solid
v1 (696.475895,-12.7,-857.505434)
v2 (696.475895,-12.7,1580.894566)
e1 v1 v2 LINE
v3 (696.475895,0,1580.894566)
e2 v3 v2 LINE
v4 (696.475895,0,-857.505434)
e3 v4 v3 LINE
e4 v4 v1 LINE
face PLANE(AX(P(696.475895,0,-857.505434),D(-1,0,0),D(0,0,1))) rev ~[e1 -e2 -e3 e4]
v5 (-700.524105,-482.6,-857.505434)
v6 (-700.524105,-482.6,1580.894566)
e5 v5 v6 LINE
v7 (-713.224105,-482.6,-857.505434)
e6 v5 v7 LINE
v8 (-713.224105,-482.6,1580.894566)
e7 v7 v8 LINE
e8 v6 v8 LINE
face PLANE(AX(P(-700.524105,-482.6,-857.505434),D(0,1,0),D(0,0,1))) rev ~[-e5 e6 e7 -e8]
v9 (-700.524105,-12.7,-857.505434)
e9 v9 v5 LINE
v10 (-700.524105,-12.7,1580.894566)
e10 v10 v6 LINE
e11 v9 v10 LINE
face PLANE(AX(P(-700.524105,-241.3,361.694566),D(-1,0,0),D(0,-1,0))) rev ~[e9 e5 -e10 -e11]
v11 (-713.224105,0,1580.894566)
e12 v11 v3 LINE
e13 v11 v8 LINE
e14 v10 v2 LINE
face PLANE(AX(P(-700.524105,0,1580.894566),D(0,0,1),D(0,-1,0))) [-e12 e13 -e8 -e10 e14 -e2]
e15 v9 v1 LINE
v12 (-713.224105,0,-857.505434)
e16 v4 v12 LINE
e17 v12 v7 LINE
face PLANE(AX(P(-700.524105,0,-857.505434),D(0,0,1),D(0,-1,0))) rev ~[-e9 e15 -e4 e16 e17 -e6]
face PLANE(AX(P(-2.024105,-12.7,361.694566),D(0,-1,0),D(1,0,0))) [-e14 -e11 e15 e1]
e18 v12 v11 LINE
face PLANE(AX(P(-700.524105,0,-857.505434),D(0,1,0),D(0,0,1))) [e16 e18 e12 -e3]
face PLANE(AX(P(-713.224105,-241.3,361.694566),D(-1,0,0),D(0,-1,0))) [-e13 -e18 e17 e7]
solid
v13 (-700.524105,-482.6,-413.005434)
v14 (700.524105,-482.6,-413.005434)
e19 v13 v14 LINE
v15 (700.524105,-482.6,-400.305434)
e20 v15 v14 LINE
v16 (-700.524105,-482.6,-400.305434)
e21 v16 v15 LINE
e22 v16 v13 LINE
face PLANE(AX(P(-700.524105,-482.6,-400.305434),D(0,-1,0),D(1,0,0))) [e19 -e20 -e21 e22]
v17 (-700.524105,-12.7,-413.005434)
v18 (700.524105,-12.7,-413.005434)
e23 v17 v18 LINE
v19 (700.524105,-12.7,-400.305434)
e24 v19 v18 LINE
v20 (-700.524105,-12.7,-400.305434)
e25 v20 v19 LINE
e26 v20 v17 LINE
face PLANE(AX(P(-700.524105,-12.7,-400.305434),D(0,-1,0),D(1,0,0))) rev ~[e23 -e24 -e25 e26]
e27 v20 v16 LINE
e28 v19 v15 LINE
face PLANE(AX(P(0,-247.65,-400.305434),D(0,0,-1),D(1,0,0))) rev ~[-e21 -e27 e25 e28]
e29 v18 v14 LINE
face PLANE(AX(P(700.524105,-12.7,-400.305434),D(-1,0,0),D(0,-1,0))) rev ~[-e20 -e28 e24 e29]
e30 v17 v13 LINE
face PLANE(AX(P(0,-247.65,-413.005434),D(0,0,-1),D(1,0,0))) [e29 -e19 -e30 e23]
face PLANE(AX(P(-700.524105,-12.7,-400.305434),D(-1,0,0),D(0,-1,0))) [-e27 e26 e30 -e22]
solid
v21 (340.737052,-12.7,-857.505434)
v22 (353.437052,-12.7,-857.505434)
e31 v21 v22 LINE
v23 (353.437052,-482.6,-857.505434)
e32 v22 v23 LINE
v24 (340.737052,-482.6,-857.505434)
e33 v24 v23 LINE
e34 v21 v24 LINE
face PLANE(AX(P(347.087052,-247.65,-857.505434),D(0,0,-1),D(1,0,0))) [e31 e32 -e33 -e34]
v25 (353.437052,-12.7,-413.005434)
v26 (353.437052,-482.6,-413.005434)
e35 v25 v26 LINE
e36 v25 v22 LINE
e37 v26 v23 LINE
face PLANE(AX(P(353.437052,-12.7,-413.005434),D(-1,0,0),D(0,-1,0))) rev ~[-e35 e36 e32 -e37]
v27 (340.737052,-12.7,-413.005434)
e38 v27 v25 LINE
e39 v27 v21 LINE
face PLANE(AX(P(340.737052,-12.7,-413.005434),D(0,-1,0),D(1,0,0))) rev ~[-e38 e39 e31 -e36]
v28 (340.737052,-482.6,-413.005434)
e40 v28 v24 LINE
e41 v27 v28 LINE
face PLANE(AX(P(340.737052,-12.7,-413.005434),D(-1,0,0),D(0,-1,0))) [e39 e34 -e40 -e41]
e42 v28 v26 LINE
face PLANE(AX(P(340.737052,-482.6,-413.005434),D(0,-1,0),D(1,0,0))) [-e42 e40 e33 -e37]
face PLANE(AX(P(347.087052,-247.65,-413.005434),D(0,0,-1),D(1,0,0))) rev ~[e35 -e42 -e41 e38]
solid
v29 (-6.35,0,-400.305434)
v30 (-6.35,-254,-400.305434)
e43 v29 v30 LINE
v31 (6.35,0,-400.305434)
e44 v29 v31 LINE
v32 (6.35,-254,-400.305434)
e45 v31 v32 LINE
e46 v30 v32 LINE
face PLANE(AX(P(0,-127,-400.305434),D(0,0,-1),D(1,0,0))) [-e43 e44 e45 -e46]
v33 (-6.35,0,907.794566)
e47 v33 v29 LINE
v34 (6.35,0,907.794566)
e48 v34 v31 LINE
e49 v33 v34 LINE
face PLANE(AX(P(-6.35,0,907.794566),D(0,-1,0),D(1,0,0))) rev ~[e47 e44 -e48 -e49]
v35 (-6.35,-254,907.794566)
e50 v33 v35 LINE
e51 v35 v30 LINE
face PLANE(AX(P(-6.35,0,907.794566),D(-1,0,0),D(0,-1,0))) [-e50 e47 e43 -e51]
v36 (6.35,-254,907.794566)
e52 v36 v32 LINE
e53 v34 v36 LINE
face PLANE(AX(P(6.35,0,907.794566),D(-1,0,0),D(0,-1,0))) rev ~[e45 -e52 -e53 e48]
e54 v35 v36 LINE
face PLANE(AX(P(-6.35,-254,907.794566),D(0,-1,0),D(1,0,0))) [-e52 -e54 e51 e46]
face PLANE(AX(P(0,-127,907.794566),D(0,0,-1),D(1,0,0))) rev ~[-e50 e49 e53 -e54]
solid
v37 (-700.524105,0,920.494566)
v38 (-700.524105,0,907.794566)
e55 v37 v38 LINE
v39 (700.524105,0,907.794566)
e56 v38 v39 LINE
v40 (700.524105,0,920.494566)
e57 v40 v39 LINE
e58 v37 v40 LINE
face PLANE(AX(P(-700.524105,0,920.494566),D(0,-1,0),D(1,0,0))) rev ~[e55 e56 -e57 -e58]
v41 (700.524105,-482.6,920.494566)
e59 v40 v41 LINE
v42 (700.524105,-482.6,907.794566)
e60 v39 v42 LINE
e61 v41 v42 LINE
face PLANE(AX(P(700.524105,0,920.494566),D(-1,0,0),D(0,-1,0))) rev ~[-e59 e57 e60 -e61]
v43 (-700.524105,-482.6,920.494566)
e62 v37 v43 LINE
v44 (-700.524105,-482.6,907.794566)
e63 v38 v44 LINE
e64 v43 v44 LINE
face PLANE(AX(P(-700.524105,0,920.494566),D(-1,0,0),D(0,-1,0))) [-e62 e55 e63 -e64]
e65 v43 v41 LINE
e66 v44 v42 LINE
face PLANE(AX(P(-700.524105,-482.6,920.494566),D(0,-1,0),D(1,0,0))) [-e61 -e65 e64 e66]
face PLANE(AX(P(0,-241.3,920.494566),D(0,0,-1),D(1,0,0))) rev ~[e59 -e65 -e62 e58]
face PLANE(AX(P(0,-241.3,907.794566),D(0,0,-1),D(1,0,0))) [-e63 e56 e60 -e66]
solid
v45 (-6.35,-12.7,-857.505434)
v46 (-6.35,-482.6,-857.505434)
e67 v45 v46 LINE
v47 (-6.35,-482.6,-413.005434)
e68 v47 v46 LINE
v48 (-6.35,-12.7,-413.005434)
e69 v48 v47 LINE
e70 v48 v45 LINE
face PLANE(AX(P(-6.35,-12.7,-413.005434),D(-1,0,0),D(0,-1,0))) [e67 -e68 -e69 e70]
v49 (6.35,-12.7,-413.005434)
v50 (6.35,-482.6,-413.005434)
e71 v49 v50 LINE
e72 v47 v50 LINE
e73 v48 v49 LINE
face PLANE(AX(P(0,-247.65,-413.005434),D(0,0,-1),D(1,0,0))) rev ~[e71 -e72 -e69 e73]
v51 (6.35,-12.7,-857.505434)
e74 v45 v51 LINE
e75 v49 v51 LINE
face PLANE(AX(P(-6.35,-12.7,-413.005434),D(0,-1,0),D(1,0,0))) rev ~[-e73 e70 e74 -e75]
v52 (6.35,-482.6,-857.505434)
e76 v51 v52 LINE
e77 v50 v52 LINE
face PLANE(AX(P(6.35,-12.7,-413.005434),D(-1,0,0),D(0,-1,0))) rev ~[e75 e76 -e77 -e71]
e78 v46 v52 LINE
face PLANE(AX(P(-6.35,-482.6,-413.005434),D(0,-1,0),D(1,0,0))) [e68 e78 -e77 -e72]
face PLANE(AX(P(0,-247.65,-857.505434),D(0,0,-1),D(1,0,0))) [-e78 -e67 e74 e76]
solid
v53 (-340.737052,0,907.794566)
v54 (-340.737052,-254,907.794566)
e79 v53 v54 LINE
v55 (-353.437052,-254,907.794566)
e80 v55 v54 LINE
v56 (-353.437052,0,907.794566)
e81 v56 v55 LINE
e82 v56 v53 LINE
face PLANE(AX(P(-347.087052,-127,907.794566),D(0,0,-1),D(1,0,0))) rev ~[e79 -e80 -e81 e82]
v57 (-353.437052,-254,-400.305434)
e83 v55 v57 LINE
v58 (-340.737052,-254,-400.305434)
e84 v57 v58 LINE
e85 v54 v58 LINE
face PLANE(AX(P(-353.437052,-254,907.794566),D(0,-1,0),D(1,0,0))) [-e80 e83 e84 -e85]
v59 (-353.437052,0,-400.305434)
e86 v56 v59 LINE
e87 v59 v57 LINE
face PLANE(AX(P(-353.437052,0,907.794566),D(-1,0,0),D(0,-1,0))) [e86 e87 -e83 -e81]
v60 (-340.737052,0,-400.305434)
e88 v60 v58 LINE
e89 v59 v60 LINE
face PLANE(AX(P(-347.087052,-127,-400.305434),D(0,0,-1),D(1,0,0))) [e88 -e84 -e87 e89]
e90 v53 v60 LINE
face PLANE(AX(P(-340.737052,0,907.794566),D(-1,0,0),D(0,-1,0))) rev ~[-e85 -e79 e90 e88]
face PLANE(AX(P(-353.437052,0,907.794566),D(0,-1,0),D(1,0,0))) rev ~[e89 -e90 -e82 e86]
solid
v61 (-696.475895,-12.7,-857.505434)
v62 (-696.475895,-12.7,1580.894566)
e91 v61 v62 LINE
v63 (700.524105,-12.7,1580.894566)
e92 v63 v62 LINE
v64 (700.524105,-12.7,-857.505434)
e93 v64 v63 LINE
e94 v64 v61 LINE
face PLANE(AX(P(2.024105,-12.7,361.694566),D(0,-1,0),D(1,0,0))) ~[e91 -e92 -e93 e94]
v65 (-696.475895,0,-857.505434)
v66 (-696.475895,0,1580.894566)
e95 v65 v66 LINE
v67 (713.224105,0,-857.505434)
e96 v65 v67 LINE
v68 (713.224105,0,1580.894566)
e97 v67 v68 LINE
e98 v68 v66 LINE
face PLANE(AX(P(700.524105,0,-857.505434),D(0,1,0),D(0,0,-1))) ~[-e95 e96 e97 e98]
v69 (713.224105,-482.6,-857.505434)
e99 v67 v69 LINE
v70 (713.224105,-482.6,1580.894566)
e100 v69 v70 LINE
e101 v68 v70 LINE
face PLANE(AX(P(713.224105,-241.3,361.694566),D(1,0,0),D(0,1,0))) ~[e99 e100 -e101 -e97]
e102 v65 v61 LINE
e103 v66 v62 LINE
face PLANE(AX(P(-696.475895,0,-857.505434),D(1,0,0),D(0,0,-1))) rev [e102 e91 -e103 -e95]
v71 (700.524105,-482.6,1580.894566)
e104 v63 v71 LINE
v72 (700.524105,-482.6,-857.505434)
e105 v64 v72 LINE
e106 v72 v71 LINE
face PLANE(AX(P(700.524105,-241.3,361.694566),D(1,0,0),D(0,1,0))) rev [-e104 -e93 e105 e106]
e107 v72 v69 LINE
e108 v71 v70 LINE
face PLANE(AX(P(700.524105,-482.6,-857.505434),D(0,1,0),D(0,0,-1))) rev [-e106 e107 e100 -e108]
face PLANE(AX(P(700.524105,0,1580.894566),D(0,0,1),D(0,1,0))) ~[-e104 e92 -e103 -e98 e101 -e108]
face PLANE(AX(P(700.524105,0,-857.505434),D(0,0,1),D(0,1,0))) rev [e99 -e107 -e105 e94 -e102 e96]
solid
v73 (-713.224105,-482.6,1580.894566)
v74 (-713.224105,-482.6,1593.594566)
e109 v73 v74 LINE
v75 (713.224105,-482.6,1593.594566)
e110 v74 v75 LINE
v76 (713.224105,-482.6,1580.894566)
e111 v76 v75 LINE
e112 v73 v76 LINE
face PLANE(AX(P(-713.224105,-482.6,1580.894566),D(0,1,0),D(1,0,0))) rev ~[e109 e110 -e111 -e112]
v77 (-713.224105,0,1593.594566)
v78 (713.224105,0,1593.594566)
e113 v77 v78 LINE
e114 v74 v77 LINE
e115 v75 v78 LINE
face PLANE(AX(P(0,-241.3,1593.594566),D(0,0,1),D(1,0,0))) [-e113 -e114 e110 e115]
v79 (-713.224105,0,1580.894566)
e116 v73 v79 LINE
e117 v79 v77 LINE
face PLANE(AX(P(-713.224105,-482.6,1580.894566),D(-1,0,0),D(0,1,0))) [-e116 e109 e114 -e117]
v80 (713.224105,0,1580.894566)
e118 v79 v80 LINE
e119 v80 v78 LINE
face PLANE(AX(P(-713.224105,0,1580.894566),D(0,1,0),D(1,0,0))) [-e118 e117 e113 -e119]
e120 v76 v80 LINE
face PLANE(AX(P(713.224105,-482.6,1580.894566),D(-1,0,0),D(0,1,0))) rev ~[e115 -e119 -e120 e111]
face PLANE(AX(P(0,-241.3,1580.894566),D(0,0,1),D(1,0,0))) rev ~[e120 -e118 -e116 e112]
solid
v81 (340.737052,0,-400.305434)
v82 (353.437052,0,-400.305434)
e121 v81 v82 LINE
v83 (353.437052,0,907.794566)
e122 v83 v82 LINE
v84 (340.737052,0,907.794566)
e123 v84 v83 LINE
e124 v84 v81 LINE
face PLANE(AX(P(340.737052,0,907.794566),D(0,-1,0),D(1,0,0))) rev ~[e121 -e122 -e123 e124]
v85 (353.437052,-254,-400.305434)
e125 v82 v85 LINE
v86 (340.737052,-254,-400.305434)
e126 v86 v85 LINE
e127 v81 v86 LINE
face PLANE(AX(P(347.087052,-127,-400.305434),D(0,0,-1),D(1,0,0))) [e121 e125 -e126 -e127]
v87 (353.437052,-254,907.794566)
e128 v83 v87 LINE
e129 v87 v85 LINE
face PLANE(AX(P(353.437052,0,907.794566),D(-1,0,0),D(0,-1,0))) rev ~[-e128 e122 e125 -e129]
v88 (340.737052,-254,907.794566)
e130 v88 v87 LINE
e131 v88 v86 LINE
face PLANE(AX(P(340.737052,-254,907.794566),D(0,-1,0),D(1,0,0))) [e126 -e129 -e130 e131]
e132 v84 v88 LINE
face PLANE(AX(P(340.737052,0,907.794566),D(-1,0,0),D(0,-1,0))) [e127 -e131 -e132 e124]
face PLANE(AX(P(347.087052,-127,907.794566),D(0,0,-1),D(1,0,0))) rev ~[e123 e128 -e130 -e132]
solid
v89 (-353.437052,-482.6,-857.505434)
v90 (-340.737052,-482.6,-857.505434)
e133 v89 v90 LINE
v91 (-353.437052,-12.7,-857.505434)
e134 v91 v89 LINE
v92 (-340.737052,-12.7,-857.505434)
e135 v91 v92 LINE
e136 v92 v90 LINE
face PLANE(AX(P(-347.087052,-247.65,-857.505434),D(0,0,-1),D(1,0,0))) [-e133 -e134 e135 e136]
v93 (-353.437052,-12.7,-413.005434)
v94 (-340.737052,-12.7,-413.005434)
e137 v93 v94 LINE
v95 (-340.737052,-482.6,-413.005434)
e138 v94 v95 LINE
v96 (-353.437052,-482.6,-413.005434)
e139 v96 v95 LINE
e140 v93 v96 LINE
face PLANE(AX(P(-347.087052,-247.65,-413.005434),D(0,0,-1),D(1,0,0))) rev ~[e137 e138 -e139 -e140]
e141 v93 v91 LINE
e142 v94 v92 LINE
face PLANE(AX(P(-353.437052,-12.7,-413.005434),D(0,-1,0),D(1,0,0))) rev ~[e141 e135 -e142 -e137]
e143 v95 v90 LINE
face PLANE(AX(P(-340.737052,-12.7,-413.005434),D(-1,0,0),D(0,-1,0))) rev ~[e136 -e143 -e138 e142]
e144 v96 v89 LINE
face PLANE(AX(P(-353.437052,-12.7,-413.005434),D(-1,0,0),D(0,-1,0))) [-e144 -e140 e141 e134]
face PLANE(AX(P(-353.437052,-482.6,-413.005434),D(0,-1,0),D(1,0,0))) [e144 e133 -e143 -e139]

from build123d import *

# Parameters (mm, degrees)
F0_W      = 1397
F0_H      = 2438.4
F1_DEPTH  = 12.7
F2_W      = 482.6
F2_H      = 2438.4
F3_DEPTH  = 12.7
F5_W      = 1426.4482096374
F5_H      = 482.6
F6_DEPTH  = 12.7
F8_W      = 1401.0482096374
F8_H      = 469.9
F9_DEPTH  = 12.7
F11_W     = 1401.0482096374
F11_H     = 482.6
F12_DEPTH = 12.7
F13_W     = 12.7
F13_H     = 254
F14_DEPTH = 1308.1
F15_W     = 12.7
F15_H     = 469.9
F16_DEPTH = 444.5


with BuildPart() as f1:
    # F0 (on Front) → F1 (new body)
    with BuildSketch(Plane.XZ):
        with Locations((-2.0241048187, 361.6945657248)):
            Rectangle(F0_W, F0_H)
    extrude(amount=F1_DEPTH)

    # F2 (on face) → F3 (join)
    with BuildSketch(Plane(origin=(-700.5241048187, 0, 0), x_dir=(0, -1, 0), z_dir=(-1, 0, 0))):
        with Locations((241.3, 361.6945657248)):
            Rectangle(F2_W, F2_H)
    extrude(amount=F3_DEPTH)


with BuildPart() as f4_1:
    # F4: instance of F1
    add(f1.part.mirror(Plane.YZ))


with BuildPart() as f6:
    # F5 (on face) → F6 (new body)
    with BuildSketch(Plane.XY.offset(1580.8945657248)):
        with Locations((0, -241.3)):
            Rectangle(F5_W, F5_H)
    extrude(amount=F6_DEPTH)


with BuildPart() as f9:
    # F8 (on offset) → F9 (new body)
    with BuildSketch(Plane(origin=(0, 0, -400.3054342752), x_dir=(1, 0, 0), z_dir=(0, 0, -1))):
        with Locations((0, 247.65)):
            Rectangle(F8_W, F8_H)
    extrude(amount=F9_DEPTH)


with BuildPart() as f12:
    # F11 (on offset) → F12 (new body)
    with BuildSketch(Plane(origin=(0, 0, 920.4945657248), x_dir=(1, 0, 0), z_dir=(0, 0, -1))):
        with Locations((0, 241.3)):
            Rectangle(F11_W, F11_H)
    extrude(amount=F12_DEPTH)


with BuildPart() as f14:
    # F13 (on face) → F14 (new body, through all)
    with BuildSketch(Plane(origin=(0, 0, 907.7945657248), x_dir=(1, 0, 0), z_dir=(0, 0, -1))):
        with Locations((-347.0870524094, 127)):
            Rectangle(F13_W, F13_H)
    extrude(amount=F14_DEPTH)


with BuildPart() as f14b:
    # F13 (on face) → F14, piece 2 (new body, through all)
    with BuildSketch(Plane(origin=(0, 0, 907.7945657248), x_dir=(1, 0, 0), z_dir=(0, 0, -1))):
        with Locations((0, 127)):
            Rectangle(F13_W, F13_H)
    extrude(amount=F14_DEPTH)


with BuildPart() as f14c:
    # F13 (on face) → F14, piece 3 (new body, through all)
    with BuildSketch(Plane(origin=(0, 0, 907.7945657248), x_dir=(1, 0, 0), z_dir=(0, 0, -1))):
        with Locations((347.0870524094, 127)):
            Rectangle(F13_W, F13_H)
    extrude(amount=F14_DEPTH)


with BuildPart() as f16:
    # F15 (on face) → F16 (new body, through all)
    with BuildSketch(Plane(origin=(0, 0, -413.0054342752), x_dir=(1, 0, 0), z_dir=(0, 0, -1))):
        with Locations((-347.0870524094, 247.65)):
            Rectangle(F15_W, F15_H)
    extrude(amount=F16_DEPTH)


with BuildPart() as f16b:
    # F15 (on face) → F16, piece 2 (new body, through all)
    with BuildSketch(Plane(origin=(0, 0, -413.0054342752), x_dir=(1, 0, 0), z_dir=(0, 0, -1))):
        with Locations((0, 247.65)):
            Rectangle(F15_W, F15_H)
    extrude(amount=F16_DEPTH)


with BuildPart() as f16c:
    # F15 (on face) → F16, piece 3 (new body, through all)
    with BuildSketch(Plane(origin=(0, 0, -413.0054342752), x_dir=(1, 0, 0), z_dir=(0, 0, -1))):
        with Locations((347.0870524094, 247.65)):
            Rectangle(F15_W, F15_H)
    extrude(amount=F16_DEPTH)


solid = Compound([f1.part, f4_1.part, f6.part, f9.part, f12.part, f14.part, f14b.part, f14c.part, f16.part, f16b.part, f16c.part])
